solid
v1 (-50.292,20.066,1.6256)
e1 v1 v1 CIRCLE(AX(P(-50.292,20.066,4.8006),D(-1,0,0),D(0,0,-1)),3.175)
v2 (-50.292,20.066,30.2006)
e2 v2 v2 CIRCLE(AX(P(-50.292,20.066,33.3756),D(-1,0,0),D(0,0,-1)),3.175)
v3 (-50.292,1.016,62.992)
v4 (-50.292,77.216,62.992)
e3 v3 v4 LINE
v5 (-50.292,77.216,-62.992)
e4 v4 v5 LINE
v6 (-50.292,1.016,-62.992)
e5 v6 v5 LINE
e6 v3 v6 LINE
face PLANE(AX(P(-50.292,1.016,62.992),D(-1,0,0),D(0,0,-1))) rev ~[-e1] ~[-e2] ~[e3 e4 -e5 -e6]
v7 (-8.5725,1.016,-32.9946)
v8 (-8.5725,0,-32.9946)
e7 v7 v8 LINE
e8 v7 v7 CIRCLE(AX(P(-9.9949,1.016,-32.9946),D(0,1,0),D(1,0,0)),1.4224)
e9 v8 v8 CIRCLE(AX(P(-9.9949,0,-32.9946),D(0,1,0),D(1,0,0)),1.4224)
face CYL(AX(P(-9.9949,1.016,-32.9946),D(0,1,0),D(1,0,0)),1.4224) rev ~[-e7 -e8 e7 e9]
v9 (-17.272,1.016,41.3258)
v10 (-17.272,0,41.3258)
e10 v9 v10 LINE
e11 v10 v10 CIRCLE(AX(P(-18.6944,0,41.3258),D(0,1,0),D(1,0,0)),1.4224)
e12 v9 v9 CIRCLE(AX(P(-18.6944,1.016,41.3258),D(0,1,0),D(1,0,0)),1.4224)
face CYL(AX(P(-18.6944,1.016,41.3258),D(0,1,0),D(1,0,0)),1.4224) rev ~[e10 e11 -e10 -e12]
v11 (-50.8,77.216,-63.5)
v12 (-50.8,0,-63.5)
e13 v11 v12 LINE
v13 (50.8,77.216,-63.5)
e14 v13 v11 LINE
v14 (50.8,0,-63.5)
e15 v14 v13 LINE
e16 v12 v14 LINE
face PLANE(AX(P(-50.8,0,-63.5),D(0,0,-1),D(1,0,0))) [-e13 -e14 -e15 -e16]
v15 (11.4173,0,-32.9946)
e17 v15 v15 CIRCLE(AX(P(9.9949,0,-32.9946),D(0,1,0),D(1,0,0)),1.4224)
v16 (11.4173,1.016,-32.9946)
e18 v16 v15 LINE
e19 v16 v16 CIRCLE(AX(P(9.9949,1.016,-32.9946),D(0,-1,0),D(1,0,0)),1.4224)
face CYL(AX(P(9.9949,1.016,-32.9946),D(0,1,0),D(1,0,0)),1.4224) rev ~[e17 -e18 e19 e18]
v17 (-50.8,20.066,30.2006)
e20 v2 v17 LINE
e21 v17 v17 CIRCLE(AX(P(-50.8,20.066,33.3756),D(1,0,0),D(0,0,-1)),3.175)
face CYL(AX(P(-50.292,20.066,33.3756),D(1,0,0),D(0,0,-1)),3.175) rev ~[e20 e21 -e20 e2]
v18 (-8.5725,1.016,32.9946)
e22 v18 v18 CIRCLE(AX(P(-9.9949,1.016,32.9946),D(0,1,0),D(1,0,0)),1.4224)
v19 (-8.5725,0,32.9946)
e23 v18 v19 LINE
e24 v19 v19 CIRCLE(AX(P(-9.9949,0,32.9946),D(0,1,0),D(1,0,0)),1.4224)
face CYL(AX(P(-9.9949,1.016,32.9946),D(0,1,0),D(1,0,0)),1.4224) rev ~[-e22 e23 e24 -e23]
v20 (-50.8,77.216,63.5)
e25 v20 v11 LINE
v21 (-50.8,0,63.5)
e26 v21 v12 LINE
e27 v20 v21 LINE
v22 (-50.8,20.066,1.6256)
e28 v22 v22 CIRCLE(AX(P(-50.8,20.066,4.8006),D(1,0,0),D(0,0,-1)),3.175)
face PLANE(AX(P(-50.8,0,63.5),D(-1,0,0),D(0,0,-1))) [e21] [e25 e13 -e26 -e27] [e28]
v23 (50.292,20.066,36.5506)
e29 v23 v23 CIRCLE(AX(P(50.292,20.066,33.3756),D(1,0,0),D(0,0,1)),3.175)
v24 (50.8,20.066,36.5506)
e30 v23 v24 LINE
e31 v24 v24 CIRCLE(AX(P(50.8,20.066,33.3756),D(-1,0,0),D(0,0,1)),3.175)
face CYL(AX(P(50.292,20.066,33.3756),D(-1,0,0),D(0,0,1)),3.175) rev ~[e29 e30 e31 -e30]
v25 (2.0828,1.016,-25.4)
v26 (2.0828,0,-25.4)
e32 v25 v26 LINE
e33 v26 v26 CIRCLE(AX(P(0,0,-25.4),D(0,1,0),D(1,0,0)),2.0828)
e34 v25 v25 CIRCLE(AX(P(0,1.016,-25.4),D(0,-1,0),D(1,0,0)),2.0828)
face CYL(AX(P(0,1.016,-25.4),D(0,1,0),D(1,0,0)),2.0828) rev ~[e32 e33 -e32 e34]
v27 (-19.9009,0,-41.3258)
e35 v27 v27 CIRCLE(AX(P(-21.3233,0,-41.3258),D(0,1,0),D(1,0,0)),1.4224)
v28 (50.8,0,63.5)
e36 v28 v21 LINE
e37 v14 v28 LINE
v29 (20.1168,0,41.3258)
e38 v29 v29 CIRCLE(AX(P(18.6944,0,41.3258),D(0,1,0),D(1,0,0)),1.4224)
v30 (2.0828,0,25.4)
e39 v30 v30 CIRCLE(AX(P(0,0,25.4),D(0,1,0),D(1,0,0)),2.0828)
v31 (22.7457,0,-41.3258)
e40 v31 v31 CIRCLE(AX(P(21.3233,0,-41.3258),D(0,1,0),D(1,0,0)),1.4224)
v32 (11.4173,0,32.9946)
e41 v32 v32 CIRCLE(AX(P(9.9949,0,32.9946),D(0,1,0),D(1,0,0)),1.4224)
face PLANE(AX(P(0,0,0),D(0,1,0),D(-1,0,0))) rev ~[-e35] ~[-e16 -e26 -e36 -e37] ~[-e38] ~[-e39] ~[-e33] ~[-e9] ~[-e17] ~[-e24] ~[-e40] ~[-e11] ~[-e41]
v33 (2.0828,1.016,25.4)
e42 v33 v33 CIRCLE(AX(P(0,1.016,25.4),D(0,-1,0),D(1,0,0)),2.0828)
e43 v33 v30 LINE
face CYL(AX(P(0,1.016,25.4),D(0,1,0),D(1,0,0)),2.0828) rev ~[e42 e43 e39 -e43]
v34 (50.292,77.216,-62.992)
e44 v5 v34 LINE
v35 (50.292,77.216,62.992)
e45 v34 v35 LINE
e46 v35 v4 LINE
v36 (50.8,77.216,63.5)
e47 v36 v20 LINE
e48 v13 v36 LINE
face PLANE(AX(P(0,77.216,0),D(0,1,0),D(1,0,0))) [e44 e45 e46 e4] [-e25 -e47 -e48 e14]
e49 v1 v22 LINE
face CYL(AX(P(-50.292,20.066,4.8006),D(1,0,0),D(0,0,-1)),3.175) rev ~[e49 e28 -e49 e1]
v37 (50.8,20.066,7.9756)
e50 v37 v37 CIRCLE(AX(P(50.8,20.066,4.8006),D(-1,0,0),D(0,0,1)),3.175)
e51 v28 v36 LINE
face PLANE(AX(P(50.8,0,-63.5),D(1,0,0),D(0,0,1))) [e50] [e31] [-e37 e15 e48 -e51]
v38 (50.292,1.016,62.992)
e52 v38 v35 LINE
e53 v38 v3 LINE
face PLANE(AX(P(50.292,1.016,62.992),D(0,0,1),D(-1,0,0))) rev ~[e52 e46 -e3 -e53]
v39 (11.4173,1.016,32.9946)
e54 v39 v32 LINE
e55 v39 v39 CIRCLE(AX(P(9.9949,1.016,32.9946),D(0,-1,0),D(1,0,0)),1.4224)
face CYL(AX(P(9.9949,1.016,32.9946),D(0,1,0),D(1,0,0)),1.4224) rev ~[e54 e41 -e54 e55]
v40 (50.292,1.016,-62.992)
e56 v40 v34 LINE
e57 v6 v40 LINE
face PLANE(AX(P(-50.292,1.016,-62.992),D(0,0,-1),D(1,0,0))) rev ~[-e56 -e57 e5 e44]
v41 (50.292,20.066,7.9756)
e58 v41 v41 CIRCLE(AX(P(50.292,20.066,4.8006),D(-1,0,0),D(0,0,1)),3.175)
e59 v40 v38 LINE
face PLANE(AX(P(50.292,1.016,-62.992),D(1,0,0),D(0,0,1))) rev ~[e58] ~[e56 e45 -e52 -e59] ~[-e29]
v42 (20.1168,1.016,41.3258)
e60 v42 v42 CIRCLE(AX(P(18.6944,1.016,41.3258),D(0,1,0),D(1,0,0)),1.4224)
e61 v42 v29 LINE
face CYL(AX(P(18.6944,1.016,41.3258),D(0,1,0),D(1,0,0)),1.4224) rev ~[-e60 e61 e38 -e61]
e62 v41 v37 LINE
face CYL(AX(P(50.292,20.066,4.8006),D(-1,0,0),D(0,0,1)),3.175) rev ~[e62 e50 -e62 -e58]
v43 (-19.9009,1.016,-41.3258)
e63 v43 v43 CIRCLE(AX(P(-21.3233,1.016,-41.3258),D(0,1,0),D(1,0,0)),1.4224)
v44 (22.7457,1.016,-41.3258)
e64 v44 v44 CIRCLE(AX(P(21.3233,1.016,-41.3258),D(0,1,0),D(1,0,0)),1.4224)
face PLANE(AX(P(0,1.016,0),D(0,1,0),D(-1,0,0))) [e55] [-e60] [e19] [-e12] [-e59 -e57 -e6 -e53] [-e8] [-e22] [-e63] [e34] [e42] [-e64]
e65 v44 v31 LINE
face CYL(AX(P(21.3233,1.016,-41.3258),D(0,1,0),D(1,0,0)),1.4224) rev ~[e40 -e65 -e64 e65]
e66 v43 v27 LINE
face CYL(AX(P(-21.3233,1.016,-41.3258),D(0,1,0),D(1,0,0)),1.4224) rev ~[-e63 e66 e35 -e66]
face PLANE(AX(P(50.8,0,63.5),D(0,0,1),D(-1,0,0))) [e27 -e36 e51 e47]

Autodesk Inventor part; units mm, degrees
ref_plane "YZ Plane" through (0, 0, 0) normal (1, 0, 0) x (0, 1, 0)
ref_plane "XZ Plane" through (0, 0, 0) normal (0, 1, 0) x (-1, 0, 0)
ref_plane "XY Plane" through (0, 0, 0) normal (0, 0, 1) x (1, 0, 0)
sketch "Sketch1" plane through (0, 0, 0) normal (0, 1, 0) x (-1, 0, 0)
  line L0 (-50.8, 63.5) -> (50.8, 63.5)
  line L1 (50.8, 63.5) -> (50.8, -63.5)
  line L2 (50.8, -63.5) -> (-50.8, -63.5)
  line L3 (-50.8, -63.5) -> (-50.8, 63.5)
  line L4 (-50.8, 63.5) -> (50.8, -63.5) construction
  line L5 (50.8, 63.5) -> (-50.8, -63.5) construction
  point P0 (0, 0)
  dimension "d0" = 101.6
  dimension "d1" = 127
extrude "Extrusion1" add sketch "Sketch1" along normal blind 1.016
sketch "Sketch2" plane through (0, 1.016, 0) normal (0, 1, 0) x (1, 0, 0)
  line L0 (50.8, 63.5) -> (-50.8, 63.5) projected
  line L1 (50.8, -63.5) -> (-50.8, -63.5)
  line L2 (-50.8, -63.5) -> (-50.8, 63.5)
  line L3 (-50.8, 63.5) -> (50.8, 63.5)
  line L4 (50.8, 63.5) -> (50.8, -63.5)
  line L5 (50.8, -63.5) -> (-50.8, 63.5) construction
  line L6 (-50.8, -63.5) -> (50.8, 63.5) construction
  line L7 (50.292, -62.992) -> (-50.292, -62.992)
  line L8 (-50.292, -62.992) -> (-50.292, 62.992)
  line L9 (-50.292, 62.992) -> (50.292, 62.992)
  line L10 (50.292, 62.992) -> (50.292, -62.992)
  line L11 (50.292, -62.992) -> (-50.292, 62.992) construction
  line L12 (-50.292, -62.992) -> (50.292, 62.992) construction
  point P0 (0, 0)
  dimension "d4" = 100.584
  dimension "d5" = 125.984
extrude "Extrusion2" add sketch "Sketch2" along normal blind 76.2
sketch "Sketch3" plane through (0, 1.016, 0) normal (0, 1, 0) x (1, 0, 0)
  line L0 (0, 0) -> (0, -25.4)
  line L1 (0, -25.4) -> (0, 25.4)
  circle A0 centre (0, -25.4) radius 2.0828
  circle A1 centre (0, 25.4) radius 2.0828
  dimension "d8" = 25.4
  dimension "d9" = 50.8
  dimension "d10" = 4.1656
  dimension "d11" = 4.1656
extrude "Extrusion3" cut sketch "Sketch3" against normal through all
sketch "Sketch4" plane through (0, 1.016, 0) normal (0, 1, 0) x (1, 0, 0)
  line L0 (24.4983, -44.5008) -> (-24.4983, -44.5008)
  line L1 (-24.4983, 44.5008) -> (24.4983, 44.5008)
  line L2 (24.4983, 44.5008) -> (24.4983, -44.5008)
  line L3 (24.4983, -44.5008) -> (-24.4983, 44.5008) construction
  line L4 (-24.4983, -44.5008) -> (24.4983, 44.5008) construction
  line L5 (21.8694, -44.5008) -> (-21.8694, -44.5008)
  line L6 (-21.8694, 44.5008) -> (21.8694, 44.5008)
  line L7 (21.8694, -44.5008) -> (-21.8694, 44.5008) construction
  line L8 (-21.8694, -44.5008) -> (21.8694, 44.5008) construction
  line L9 (24.4983, 44.5008) -> (-24.4983, 44.5008)
  line L10 (-24.4983, 44.5008) -> (-24.4983, -24.511)
  line L11 (24.4983, -24.511) -> (24.4983, 44.5008)
  line L12 (-21.8694, -44.5008) -> (-18.6944, -44.5008)
  line L13 (21.8694, -44.5008) -> (18.6944, -44.5008)
  line L14 (24.4983, 44.5008) -> (21.3233, 44.5008)
  line L15 (24.4983, 41.3258) -> (24.4983, 44.5008)
  line L16 (-24.4983, 44.5008) -> (-21.3233, 44.5008)
  line L17 (-24.4983, 41.3258) -> (-24.4983, 44.5008)
  circle A0 centre (-18.6944, -41.3258) radius 1.4224
  circle A1 centre (-21.3233, 41.3258) radius 1.4224
  circle A2 centre (21.3233, 41.3258) radius 1.4224
  circle A3 centre (18.6944, -41.3258) radius 1.4224
  point P0 (0, 0)
  dimension "d14" = 48.9966
  dimension "d15" = 89.0016
  dimension "d16" = 43.7388
  dimension "d17" = 89.0016
  dimension "d18" = 69.0118
  dimension "d27" = 2.8448
  dimension "d28" = 2.8448
  dimension "d29" = 2.8448
  dimension "d30" = 2.8448
extrude "Extrusion4" cut sketch "Sketch4" against normal through all
sketch "Sketch5" plane through (0, 1.016, 0) normal (0, 1, 0) x (1, 0, 0)
  line L0 (9.9949, -32.9946) -> (-9.9949, -32.9946)
  line L1 (-9.9949, 32.9946) -> (9.9949, 32.9946)
  line L2 (9.9949, 32.9946) -> (9.9949, -32.9946)
  line L3 (9.9949, -32.9946) -> (-9.9949, 32.9946) construction
  line L4 (-9.9949, -32.9946) -> (9.9949, 32.9946) construction
  circle A0 centre (-9.9949, -32.9946) radius 1.4224
  circle A1 centre (9.9949, -32.9946) radius 1.4224
  circle A2 centre (9.9949, 32.9946) radius 1.4224
  circle A3 centre (-9.9949, 32.9946) radius 1.4224
  point P0 (0, 0)
  dimension "d33" = 19.9898
  dimension "d34" = 65.9892
  dimension "d35" = 2.8448
  dimension "d36" = 2.8448
  dimension "d37" = 2.8448
  dimension "d38" = 2.8448
extrude "Extrusion5" cut sketch "Sketch5" against normal through all
sketch "Sketch6" plane through (-50.292, 1.016, 62.992) normal (1, 0, 0) x (0, 0, -1)
  line L0 (0, 0) -> (0, 76.2) projected
  line L1 (0, 19.05) -> (18.4912, 19.05)
  line L2 (0, 19.05) -> (18.4912, 19.05) construction
  line L3 (18.4912, 19.05) -> (29.6164, 19.05)
  line L4 (29.6164, 19.05) -> (58.1914, 19.05)
  circle A0 centre (29.6164, 19.05) radius 3.175
  circle A1 centre (58.1914, 19.05) radius 3.175
  point P0 (62.992, -1.016)
  dimension "d41" = 18.4912
  dimension "d42" = 0
  dimension "d43" = 11.1252
  dimension "d44" = 28.575
  dimension "d45" = 180
  dimension "d46" = 6.35
  dimension "d47" = 6.35
extrude "Extrusion6" cut sketch "Sketch6" against normal through all
sketch "Sketch7" plane through (50.292, 1.016, -62.992) normal (-1, 0, 0) x (0, 0, 1)
  line L0 (125.984, 0) -> (125.984, 76.2) projected
  line L1 (125.984, 19.05) -> (107.4928, 19.05)
  line L2 (125.984, 19.05) -> (144.4752, 19.05) construction
  line L3 (107.4928, 19.05) -> (96.3676, 19.05)
  line L4 (96.3676, 19.05) -> (67.7926, 19.05)
  circle A0 centre (67.7926, 19.05) radius 3.175
  circle A1 centre (96.3676, 19.05) radius 3.175
  point P0 (62.992, -1.016)
  dimension "d50" = 18.4912
  dimension "d51" = 180
  dimension "d52" = 11.1252
  dimension "d53" = 28.575
  dimension "d54" = 180
  dimension "d55" = 6.35
  dimension "d56" = 6.35
extrude "Extrusion7" cut sketch "Sketch7" against normal through all
properties part number "563-AU1028MG-PE4312"
